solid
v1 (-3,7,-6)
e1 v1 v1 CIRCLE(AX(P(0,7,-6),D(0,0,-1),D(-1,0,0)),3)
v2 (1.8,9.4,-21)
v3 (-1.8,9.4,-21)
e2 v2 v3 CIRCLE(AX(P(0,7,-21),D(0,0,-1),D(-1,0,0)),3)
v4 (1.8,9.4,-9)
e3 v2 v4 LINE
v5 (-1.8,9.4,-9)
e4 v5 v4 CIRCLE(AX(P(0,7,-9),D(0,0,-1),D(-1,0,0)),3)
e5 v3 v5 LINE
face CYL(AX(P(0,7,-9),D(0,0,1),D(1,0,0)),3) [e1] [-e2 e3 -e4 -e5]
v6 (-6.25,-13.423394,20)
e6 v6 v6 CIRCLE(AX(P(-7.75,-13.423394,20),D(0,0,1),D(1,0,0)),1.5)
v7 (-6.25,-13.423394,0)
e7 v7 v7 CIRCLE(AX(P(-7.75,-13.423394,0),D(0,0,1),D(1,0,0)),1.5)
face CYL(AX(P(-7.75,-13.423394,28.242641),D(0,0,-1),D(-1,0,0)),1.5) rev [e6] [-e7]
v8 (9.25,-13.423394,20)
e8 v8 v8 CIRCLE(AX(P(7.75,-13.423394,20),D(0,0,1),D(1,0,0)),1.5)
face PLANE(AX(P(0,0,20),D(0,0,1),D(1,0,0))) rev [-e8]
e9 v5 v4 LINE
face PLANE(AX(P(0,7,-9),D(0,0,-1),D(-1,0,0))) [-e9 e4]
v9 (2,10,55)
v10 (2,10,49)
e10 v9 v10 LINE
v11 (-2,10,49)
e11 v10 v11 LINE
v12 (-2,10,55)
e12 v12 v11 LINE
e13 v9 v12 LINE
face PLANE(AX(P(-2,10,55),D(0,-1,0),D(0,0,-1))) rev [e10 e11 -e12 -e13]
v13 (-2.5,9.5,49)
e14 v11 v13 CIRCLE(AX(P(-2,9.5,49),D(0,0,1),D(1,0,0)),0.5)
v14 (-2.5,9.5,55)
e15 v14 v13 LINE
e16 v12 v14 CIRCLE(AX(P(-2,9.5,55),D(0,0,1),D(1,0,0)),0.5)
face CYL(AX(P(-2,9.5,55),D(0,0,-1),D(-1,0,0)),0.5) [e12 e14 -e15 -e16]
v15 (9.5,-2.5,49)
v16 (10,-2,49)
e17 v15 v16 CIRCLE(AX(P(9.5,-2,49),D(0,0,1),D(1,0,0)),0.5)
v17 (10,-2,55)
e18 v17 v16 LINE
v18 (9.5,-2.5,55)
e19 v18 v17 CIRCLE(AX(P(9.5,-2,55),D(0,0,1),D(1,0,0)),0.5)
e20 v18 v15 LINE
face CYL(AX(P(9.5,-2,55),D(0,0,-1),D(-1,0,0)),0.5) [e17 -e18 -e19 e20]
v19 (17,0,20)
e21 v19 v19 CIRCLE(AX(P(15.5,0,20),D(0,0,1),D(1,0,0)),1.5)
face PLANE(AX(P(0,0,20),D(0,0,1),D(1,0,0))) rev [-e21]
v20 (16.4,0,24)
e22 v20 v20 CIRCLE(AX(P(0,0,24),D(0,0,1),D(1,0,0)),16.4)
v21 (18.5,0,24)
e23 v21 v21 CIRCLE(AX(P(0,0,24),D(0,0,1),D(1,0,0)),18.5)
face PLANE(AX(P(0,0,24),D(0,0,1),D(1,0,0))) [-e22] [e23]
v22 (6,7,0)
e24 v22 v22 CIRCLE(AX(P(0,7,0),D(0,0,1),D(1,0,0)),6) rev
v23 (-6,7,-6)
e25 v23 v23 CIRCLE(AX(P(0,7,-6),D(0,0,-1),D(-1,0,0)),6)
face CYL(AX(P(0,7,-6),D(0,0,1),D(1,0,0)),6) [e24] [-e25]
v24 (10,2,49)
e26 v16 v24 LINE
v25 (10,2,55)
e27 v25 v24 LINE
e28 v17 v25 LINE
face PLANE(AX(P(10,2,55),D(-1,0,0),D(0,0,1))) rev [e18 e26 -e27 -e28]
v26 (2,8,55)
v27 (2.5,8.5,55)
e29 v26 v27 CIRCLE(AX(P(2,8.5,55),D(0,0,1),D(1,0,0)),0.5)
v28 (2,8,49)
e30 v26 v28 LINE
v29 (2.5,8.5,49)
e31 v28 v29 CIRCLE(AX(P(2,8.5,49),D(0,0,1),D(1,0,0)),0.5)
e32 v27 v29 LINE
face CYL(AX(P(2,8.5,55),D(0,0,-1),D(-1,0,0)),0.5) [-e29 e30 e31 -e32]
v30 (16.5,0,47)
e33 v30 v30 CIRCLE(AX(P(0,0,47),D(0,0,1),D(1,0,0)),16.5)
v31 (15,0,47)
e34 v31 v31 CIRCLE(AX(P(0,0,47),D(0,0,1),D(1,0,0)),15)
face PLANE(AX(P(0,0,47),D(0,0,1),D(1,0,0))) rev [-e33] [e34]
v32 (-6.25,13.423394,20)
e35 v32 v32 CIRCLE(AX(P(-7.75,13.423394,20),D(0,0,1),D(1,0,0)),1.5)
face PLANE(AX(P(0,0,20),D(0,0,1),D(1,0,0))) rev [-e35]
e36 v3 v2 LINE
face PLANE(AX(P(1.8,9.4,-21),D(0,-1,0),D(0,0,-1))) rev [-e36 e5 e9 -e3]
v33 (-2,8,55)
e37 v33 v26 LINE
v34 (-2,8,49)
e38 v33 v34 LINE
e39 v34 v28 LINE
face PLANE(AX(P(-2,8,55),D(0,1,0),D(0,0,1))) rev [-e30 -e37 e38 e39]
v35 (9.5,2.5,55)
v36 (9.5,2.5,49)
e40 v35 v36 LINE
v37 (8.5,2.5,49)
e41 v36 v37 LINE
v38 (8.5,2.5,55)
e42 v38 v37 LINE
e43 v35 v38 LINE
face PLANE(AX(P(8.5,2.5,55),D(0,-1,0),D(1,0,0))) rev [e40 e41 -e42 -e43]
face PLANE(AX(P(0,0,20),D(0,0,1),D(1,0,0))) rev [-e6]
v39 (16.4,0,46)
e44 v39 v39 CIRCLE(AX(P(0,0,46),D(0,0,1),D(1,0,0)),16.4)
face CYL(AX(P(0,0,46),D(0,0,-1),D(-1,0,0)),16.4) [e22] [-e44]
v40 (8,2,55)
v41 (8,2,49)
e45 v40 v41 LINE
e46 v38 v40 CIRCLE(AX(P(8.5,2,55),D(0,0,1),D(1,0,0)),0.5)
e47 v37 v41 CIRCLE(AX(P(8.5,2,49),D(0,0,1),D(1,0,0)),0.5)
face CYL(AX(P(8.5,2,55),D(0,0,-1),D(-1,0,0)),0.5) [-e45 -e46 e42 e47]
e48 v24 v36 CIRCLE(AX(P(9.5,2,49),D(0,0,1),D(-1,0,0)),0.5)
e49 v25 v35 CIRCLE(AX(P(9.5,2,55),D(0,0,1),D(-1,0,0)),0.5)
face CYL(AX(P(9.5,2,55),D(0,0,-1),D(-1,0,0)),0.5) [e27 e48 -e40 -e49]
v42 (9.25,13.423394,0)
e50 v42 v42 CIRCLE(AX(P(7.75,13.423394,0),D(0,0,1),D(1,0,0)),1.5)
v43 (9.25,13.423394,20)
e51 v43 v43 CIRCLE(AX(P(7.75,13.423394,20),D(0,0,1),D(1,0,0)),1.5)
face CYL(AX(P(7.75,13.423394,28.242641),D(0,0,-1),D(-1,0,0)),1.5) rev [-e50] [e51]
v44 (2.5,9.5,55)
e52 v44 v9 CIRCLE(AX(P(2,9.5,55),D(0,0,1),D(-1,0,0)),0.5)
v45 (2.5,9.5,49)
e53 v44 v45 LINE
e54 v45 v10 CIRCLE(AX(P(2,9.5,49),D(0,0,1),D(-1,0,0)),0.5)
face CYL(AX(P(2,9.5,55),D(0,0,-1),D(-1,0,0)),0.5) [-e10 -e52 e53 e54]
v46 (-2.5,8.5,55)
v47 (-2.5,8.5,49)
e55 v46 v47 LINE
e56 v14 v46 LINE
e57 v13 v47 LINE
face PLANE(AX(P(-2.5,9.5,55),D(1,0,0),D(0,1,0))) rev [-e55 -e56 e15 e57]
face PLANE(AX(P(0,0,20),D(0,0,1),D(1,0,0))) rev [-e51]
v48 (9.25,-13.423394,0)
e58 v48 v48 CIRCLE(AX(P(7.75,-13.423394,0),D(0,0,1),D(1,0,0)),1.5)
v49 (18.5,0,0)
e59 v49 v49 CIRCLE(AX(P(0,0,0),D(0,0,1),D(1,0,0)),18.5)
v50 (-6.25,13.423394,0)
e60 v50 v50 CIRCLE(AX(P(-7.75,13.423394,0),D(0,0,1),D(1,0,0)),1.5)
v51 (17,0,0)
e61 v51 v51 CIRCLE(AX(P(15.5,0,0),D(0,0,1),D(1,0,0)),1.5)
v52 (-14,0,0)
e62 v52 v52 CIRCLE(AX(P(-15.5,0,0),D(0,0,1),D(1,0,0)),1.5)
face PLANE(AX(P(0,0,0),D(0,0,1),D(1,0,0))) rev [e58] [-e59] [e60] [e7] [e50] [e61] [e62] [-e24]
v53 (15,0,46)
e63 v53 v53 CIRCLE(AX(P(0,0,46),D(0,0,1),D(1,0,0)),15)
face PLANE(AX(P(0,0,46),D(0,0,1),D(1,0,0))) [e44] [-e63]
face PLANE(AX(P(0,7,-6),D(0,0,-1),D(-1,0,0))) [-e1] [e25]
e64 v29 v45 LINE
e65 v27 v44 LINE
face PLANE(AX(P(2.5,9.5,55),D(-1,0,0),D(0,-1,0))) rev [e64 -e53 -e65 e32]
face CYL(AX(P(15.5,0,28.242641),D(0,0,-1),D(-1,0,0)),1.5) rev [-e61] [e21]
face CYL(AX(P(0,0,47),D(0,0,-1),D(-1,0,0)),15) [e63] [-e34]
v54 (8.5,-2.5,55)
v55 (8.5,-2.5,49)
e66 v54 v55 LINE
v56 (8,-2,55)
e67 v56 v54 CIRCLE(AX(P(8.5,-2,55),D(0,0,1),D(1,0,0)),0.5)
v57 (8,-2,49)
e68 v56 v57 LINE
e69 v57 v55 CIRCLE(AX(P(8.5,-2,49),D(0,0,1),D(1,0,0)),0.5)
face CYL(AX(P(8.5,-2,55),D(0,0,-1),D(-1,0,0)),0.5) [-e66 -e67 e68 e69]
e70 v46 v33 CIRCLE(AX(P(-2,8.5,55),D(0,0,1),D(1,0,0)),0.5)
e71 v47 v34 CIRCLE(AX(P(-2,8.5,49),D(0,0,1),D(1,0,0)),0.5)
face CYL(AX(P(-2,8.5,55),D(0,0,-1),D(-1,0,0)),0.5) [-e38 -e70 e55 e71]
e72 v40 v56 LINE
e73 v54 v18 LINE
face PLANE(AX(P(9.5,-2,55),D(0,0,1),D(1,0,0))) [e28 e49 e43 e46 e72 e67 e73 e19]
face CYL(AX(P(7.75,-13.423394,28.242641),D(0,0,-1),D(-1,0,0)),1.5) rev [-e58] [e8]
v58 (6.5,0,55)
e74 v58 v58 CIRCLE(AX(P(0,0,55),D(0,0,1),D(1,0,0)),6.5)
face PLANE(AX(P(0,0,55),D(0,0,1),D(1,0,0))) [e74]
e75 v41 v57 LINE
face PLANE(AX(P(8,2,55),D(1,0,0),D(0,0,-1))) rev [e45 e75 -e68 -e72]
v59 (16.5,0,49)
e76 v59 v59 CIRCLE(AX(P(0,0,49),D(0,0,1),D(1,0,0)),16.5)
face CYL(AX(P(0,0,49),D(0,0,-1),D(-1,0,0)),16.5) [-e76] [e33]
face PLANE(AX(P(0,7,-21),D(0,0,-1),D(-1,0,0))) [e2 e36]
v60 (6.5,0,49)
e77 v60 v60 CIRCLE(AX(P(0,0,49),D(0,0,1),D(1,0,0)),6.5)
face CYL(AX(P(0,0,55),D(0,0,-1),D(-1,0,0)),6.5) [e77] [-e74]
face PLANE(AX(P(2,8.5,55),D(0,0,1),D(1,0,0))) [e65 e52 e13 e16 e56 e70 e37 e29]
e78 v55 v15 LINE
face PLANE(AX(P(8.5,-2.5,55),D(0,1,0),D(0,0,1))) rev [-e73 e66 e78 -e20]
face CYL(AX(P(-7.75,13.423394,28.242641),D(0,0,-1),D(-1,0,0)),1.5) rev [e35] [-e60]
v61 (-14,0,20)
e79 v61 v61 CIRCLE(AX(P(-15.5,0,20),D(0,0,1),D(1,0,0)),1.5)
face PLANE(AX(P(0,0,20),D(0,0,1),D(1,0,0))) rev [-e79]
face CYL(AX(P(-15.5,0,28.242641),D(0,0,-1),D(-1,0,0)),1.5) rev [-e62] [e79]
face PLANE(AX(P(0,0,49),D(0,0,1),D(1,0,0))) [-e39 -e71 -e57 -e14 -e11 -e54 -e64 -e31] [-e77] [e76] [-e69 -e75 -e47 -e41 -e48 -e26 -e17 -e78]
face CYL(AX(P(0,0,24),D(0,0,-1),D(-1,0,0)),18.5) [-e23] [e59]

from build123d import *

# Parameters (mm, degrees)
SKETCH_1_R          = 18.5
EXTRUDE_1_DEPTH     = 24
SKETCH_1_3_R        = 1.5
CUT_EXTRUDE_1_DEPTH = 20
SKETCH_3_R          = 16.4
EXTRUDE_3_DEPTH     = 22
SKETCH_4_R          = 6
EXTRUDE_4_DEPTH     = 6
SKETCH_5_R          = 3
EXTRUDE_5_DEPTH     = 3
EXTRUDE_6_DEPTH     = 12
SKETCH_7_R          = 15
EXTRUDE_7_DEPTH     = 1
SKETCH_8_R          = 16.5
EXTRUDE_8_DEPTH     = 2
SKETCH_9_R          = 6.5
EXTRUDE_9_DEPTH     = 6


with BuildPart() as part:
    # 草图1 → 凸台-拉伸1 (new body)
    with BuildSketch(Plane.XY):
        Circle(SKETCH_1_R)
    extrude(amount=EXTRUDE_1_DEPTH)

    # 草图1<3> → 切除-拉伸1 (cut)
    with BuildSketch(Plane.XY):
        with Locations((-15.5, 0)):
            Circle(SKETCH_1_3_R)
        with Locations((-7.75, 13.423393759)):
            Circle(SKETCH_1_3_R)
        with Locations((-7.75, -13.423393759)):
            Circle(SKETCH_1_3_R)
        with Locations((7.75, 13.423393759)):
            Circle(SKETCH_1_3_R)
        with Locations((15.5, 0)):
            Circle(SKETCH_1_3_R)
        with Locations((7.75, -13.423393759)):
            Circle(SKETCH_1_3_R)
    extrude(amount=CUT_EXTRUDE_1_DEPTH, mode=Mode.SUBTRACT)

    # 草图3 → 凸台-拉伸3 (add)
    with BuildSketch(Plane.XY.offset(24)):
        Circle(SKETCH_3_R)
    extrude(amount=EXTRUDE_3_DEPTH)

    # 草图4 → 凸台-拉伸4 (add)
    with BuildSketch(Plane(origin=(0, 0, 0), x_dir=(-1, 0, 0), z_dir=(0, 0, -1))):
        with Locations(Location((0, 7, 0), (0, 0, 180))):
            Circle(SKETCH_4_R)
    extrude(amount=EXTRUDE_4_DEPTH)

    # 草图5 → 凸台-拉伸5 (add)
    with BuildSketch(Plane(origin=(0, 0, -6), x_dir=(-1, 0, 0), z_dir=(0, 0, -1))):
        with Locations((0, 7)):
            Circle(SKETCH_5_R)
    extrude(amount=EXTRUDE_5_DEPTH)

    # 草图6 → 凸台-拉伸6 (add)
    with BuildSketch(Plane(origin=(0, 0, -9), x_dir=(-1, 0, 0), z_dir=(0, 0, -1))):
        with BuildLine():
            Line((-1.8, 9.4), (1.8, 9.4))
            ThreePointArc((1.8, 9.4), (0, 4), (-1.8, 9.4))
        make_face()
    extrude(amount=EXTRUDE_6_DEPTH)

    # 草图7 → 凸台-拉伸7 (add)
    with BuildSketch(Plane.XY.offset(46)):
        Circle(SKETCH_7_R)
    extrude(amount=EXTRUDE_7_DEPTH)

    # 草图8 → 凸台-拉伸8 (add)
    with BuildSketch(Plane.XY.offset(47)):
        Circle(SKETCH_8_R)
    extrude(amount=EXTRUDE_8_DEPTH)

    # 草图9 → 凸台-拉伸9 (add)
    with BuildSketch(Plane.XY.offset(49)):
        Circle(SKETCH_9_R)
        with BuildLine():
            Line((-2, 10), (2, 10))
            ThreePointArc((2, 10), (2.353553391, 9.853553391), (2.5, 9.5))
            Line((2.5, 9.5), (2.5, 8.5))
            ThreePointArc((2.5, 8.5), (2.353553391, 8.146446609), (2, 8))
            Line((2, 8), (-2, 8))
            ThreePointArc((-2, 8), (-2.353553391, 8.146446609), (-2.5, 8.5))
            Line((-2.5, 8.5), (-2.5, 9.5))
            ThreePointArc((-2.5, 9.5), (-2.353553391, 9.853553391), (-2, 10))
        make_face()
        with BuildLine():
            Line((8.5, 2.5), (9.5, 2.5))
            ThreePointArc((9.5, 2.5), (9.853553391, 2.353553391), (10, 2))
            Line((10, 2), (10, -2))
            ThreePointArc((10, -2), (9.853553391, -2.353553391), (9.5, -2.5))
            Line((9.5, -2.5), (8.5, -2.5))
            ThreePointArc((8.5, -2.5), (8.146446609, -2.353553391), (8, -2))
            Line((8, -2), (8, 2))
            ThreePointArc((8, 2), (8.146446609, 2.353553391), (8.5, 2.5))
        make_face()
    extrude(amount=EXTRUDE_9_DEPTH)


solid = part.part
